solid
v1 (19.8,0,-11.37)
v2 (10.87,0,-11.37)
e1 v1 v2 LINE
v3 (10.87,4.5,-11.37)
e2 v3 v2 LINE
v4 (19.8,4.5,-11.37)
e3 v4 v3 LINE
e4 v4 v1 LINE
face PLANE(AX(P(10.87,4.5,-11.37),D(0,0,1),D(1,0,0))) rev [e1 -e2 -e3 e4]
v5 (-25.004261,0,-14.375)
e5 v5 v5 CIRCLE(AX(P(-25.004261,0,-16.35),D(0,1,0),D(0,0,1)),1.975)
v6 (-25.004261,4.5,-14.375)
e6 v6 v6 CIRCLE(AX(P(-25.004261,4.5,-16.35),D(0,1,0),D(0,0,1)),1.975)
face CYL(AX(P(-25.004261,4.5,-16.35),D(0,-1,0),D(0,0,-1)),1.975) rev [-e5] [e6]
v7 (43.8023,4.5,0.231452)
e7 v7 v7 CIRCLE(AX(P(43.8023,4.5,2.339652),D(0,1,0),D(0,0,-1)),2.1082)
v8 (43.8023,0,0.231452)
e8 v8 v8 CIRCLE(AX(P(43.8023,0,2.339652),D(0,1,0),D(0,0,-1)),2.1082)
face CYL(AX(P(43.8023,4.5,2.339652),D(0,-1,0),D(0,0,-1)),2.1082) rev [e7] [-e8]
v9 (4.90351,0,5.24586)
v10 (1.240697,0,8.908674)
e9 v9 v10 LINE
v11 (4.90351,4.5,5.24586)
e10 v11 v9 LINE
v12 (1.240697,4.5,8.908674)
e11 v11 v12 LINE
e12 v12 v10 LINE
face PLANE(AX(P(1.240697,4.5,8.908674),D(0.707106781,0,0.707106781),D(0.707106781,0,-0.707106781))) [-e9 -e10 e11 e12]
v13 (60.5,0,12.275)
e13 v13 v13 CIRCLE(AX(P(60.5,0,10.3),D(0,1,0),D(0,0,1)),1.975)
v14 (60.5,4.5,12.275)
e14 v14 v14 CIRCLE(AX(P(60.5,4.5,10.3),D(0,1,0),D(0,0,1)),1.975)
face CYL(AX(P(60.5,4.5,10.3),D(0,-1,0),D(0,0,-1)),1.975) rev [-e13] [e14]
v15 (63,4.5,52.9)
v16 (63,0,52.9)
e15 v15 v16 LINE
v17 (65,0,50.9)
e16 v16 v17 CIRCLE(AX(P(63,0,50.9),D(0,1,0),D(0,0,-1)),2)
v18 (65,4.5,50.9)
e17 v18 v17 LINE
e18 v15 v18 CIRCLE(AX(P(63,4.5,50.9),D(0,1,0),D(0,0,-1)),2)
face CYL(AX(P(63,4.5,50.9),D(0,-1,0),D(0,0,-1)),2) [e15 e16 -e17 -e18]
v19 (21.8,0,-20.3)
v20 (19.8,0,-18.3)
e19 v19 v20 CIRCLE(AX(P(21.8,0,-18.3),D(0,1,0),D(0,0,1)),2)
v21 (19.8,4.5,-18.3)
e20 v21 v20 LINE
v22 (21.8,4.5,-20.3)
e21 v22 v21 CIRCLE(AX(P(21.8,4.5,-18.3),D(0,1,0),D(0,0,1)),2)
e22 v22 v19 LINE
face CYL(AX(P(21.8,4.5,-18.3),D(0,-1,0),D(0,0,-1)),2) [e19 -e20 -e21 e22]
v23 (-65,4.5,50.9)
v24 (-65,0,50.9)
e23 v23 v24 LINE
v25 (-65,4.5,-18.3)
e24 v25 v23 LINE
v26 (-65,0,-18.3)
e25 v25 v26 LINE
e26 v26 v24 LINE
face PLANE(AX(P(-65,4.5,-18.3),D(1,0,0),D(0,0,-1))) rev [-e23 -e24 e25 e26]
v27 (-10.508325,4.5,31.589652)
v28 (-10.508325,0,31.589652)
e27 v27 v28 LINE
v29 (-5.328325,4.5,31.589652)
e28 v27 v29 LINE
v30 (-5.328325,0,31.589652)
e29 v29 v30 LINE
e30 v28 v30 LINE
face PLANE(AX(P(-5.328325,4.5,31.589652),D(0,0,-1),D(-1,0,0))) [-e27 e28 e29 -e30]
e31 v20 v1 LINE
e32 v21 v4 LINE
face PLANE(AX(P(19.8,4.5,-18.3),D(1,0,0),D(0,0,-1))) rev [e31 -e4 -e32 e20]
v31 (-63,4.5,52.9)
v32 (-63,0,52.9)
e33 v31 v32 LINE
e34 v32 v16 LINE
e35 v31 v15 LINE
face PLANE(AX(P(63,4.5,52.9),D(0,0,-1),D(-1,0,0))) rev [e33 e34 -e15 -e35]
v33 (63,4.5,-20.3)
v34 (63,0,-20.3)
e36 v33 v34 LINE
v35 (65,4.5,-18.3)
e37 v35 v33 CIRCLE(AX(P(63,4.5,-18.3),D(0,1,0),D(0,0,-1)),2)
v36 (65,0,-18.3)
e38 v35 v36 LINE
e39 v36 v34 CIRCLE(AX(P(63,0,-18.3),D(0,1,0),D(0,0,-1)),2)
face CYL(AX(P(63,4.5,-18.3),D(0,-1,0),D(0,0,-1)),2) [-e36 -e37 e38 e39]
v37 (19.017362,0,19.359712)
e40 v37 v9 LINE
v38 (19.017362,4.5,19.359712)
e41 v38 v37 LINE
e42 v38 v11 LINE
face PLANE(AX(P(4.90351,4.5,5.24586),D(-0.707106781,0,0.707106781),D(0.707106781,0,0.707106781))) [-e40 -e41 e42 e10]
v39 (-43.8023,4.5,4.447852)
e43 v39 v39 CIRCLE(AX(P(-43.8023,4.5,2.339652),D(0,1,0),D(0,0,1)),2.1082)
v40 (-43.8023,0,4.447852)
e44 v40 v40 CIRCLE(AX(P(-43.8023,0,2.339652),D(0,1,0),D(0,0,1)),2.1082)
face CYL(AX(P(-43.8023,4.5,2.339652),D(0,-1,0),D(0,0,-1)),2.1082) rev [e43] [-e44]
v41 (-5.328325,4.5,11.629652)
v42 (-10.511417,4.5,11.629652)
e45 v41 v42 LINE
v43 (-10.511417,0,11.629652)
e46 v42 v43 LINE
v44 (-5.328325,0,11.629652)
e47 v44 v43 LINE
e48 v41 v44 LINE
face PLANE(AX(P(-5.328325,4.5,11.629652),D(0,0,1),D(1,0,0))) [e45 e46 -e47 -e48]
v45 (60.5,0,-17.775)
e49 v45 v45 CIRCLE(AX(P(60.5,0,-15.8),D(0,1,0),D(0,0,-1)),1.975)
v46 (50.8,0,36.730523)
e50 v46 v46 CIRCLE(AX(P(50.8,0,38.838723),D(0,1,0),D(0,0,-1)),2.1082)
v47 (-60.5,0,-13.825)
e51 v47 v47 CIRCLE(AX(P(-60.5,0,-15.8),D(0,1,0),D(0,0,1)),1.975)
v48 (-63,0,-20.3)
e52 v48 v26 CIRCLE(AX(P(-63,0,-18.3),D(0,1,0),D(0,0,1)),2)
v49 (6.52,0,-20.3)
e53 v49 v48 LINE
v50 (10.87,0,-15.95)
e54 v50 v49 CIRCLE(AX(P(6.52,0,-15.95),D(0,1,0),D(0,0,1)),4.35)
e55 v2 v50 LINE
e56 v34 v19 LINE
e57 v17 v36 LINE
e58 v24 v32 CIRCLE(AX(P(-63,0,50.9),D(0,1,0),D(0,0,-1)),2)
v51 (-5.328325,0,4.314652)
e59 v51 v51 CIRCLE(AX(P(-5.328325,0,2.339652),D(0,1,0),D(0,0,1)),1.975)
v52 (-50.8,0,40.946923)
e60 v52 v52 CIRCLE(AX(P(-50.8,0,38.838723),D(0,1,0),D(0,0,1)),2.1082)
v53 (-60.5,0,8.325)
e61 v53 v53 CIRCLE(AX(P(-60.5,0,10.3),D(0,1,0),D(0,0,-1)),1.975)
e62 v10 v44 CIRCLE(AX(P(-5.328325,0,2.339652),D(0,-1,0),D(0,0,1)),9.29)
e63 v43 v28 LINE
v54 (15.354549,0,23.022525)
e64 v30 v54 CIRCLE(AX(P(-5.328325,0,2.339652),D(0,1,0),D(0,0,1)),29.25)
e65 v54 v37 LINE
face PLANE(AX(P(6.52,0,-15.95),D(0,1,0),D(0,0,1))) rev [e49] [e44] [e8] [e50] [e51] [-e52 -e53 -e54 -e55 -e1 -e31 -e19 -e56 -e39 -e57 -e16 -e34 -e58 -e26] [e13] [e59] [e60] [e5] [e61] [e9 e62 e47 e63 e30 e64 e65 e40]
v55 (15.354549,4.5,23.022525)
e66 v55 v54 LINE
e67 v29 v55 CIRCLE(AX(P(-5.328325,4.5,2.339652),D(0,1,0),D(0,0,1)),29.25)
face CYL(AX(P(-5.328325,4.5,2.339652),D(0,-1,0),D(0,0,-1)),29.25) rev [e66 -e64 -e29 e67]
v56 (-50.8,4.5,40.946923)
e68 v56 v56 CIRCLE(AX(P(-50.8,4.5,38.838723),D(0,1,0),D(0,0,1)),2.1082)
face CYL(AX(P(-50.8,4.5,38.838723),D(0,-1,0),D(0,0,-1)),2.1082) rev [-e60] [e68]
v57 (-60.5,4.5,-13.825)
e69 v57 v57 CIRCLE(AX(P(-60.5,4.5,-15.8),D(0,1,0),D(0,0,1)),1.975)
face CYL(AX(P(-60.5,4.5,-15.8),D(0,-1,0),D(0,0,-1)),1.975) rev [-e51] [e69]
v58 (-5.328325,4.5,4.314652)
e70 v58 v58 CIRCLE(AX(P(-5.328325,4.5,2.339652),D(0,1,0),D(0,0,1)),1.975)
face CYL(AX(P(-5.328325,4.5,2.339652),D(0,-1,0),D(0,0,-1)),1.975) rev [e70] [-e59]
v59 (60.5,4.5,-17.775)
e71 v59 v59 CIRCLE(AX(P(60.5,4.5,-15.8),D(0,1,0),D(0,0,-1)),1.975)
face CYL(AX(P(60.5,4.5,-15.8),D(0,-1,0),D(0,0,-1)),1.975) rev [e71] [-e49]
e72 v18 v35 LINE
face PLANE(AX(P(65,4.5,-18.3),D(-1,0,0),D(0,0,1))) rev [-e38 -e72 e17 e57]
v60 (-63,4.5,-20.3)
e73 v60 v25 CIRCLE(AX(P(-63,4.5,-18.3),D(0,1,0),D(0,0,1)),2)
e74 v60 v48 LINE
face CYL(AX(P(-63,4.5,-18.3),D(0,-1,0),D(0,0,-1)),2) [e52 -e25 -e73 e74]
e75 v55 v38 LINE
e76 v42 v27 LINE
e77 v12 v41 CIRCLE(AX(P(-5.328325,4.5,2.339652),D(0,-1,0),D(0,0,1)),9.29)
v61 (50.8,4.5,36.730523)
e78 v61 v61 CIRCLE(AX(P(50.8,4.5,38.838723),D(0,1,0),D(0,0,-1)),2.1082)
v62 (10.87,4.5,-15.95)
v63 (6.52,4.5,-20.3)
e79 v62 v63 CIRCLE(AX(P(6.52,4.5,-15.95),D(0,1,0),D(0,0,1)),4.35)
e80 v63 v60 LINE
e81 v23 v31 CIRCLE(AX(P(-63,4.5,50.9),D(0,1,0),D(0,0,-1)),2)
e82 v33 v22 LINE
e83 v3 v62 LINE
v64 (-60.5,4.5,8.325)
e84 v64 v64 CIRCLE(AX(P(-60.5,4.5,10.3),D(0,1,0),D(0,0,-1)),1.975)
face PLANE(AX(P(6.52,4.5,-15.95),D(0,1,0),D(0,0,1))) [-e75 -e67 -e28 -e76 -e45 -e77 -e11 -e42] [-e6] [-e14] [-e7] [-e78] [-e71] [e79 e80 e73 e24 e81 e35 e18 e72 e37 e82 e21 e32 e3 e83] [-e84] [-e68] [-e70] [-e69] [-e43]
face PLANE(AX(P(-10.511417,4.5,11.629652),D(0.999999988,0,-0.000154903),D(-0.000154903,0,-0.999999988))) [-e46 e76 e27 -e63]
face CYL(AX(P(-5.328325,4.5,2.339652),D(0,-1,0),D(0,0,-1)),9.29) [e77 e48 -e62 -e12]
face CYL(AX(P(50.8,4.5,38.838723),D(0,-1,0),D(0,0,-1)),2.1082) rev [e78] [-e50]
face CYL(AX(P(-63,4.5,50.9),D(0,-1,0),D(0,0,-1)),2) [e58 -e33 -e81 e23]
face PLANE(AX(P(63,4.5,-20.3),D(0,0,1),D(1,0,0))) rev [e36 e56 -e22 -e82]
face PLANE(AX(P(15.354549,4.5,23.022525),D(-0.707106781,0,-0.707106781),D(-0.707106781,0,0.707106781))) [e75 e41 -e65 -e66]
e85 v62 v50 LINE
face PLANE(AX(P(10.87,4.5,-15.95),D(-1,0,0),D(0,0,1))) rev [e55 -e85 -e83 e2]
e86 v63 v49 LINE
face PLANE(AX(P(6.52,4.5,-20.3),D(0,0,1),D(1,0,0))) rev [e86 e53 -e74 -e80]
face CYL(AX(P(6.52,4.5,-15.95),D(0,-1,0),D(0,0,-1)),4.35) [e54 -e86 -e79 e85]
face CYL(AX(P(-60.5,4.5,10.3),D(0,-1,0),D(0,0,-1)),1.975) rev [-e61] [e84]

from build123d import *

# Parameters (mm, degrees)
SKETCH1_R           = 1.975
SKETCH1_R_2         = 2.1082
BOSS_EXTRUDE1_DEPTH = 4.5


with BuildPart() as part:
    # Sketch1 → Boss-Extrude1 (new body)
    with BuildSketch(Plane(origin=(0, 0, 0), x_dir=(1, 0, 0), z_dir=(0, 1, 0))):
        with BuildLine():
            Line((63, 20.3), (21.8, 20.3))
            ThreePointArc((21.8, 20.3), (20.385786438, 19.714213562), (19.8, 18.3))
            Line((19.8, 18.3), (19.8, 11.37))
            Line((19.8, 11.37), (10.87, 11.37))
            Line((10.87, 11.37), (10.87, 15.95))
            ThreePointArc((10.87, 15.95), (9.595914498, 19.025914498), (6.52, 20.3))
            Line((6.52, 20.3), (-63, 20.3))
            ThreePointArc((-63, 20.3), (-64.414213562, 19.714213562), (-65, 18.3))
            Line((-65, 18.3), (-65, -50.9))
            ThreePointArc((-65, -50.9), (-64.414213562, -52.314213562), (-63, -52.9))
            Line((-63, -52.9), (63, -52.9))
            ThreePointArc((63, -52.9), (64.414213562, -52.314213562), (65, -50.9))
            Line((65, -50.9), (65, 18.3))
            ThreePointArc((65, 18.3), (64.414213562, 19.714213562), (63, 20.3))
        make_face()
        with Locations(Location((-60.5, 15.8, 0), (0, 0, 270))):
            Circle(SKETCH1_R, mode=Mode.SUBTRACT)
        with Locations(Location((60.5, 15.8, 0), (0, 0, 90))):
            Circle(SKETCH1_R, mode=Mode.SUBTRACT)
        with Locations(Location((60.5, -10.3, 0), (0, 0, 270))):
            Circle(SKETCH1_R, mode=Mode.SUBTRACT)
        with Locations(Location((-60.5, -10.3, 0), (0, 0, 90))):
            Circle(SKETCH1_R, mode=Mode.SUBTRACT)
        with Locations(Location((-25.004260819, 16.35, 0), (0, 0, 270))):
            Circle(SKETCH1_R, mode=Mode.SUBTRACT)
        with Locations(Location((-5.328324842, -2.339651524, 0), (0, 0, 270))):
            Circle(SKETCH1_R, mode=Mode.SUBTRACT)
        with Locations(Location((-50.8, -38.838722529, 0), (0, 0, 270))):
            Circle(SKETCH1_R_2, mode=Mode.SUBTRACT)
        with Locations(Location((50.8, -38.838722529, 0), (0, 0, 90))):
            Circle(SKETCH1_R_2, mode=Mode.SUBTRACT)
        with Locations(Location((-43.8023, -2.339651524, 0), (0, 0, 270))):
            Circle(SKETCH1_R_2, mode=Mode.SUBTRACT)
        with Locations(Location((43.8023, -2.339651524, 0), (0, 0, 90))):
            Circle(SKETCH1_R_2, mode=Mode.SUBTRACT)
        with BuildLine():
            Line((-5.328324842, -31.589651524), (-10.508324842, -31.589651524))
            Line((-10.508324842, -31.589651524), (-10.5114167, -11.629651524))
            Line((-10.5114167, -11.629651524), (-5.328324842, -11.629651524))
            ThreePointArc((-5.328324842, -11.629651524), (-1.773195755, -10.922492381), (1.240697155, -8.908673522))
            Line((1.240697155, -8.908673522), (4.903510282, -5.245860395))
            Line((4.903510282, -5.245860395), (19.017361634, -19.359711748))
            Line((19.017361634, -19.359711748), (15.354548508, -23.022524874))
            ThreePointArc((15.354548508, -23.022524874), (5.865165555, -29.36312785), (-5.328324842, -31.589651524))
        make_face(mode=Mode.SUBTRACT)
    extrude(amount=BOSS_EXTRUDE1_DEPTH)


solid = part.part
